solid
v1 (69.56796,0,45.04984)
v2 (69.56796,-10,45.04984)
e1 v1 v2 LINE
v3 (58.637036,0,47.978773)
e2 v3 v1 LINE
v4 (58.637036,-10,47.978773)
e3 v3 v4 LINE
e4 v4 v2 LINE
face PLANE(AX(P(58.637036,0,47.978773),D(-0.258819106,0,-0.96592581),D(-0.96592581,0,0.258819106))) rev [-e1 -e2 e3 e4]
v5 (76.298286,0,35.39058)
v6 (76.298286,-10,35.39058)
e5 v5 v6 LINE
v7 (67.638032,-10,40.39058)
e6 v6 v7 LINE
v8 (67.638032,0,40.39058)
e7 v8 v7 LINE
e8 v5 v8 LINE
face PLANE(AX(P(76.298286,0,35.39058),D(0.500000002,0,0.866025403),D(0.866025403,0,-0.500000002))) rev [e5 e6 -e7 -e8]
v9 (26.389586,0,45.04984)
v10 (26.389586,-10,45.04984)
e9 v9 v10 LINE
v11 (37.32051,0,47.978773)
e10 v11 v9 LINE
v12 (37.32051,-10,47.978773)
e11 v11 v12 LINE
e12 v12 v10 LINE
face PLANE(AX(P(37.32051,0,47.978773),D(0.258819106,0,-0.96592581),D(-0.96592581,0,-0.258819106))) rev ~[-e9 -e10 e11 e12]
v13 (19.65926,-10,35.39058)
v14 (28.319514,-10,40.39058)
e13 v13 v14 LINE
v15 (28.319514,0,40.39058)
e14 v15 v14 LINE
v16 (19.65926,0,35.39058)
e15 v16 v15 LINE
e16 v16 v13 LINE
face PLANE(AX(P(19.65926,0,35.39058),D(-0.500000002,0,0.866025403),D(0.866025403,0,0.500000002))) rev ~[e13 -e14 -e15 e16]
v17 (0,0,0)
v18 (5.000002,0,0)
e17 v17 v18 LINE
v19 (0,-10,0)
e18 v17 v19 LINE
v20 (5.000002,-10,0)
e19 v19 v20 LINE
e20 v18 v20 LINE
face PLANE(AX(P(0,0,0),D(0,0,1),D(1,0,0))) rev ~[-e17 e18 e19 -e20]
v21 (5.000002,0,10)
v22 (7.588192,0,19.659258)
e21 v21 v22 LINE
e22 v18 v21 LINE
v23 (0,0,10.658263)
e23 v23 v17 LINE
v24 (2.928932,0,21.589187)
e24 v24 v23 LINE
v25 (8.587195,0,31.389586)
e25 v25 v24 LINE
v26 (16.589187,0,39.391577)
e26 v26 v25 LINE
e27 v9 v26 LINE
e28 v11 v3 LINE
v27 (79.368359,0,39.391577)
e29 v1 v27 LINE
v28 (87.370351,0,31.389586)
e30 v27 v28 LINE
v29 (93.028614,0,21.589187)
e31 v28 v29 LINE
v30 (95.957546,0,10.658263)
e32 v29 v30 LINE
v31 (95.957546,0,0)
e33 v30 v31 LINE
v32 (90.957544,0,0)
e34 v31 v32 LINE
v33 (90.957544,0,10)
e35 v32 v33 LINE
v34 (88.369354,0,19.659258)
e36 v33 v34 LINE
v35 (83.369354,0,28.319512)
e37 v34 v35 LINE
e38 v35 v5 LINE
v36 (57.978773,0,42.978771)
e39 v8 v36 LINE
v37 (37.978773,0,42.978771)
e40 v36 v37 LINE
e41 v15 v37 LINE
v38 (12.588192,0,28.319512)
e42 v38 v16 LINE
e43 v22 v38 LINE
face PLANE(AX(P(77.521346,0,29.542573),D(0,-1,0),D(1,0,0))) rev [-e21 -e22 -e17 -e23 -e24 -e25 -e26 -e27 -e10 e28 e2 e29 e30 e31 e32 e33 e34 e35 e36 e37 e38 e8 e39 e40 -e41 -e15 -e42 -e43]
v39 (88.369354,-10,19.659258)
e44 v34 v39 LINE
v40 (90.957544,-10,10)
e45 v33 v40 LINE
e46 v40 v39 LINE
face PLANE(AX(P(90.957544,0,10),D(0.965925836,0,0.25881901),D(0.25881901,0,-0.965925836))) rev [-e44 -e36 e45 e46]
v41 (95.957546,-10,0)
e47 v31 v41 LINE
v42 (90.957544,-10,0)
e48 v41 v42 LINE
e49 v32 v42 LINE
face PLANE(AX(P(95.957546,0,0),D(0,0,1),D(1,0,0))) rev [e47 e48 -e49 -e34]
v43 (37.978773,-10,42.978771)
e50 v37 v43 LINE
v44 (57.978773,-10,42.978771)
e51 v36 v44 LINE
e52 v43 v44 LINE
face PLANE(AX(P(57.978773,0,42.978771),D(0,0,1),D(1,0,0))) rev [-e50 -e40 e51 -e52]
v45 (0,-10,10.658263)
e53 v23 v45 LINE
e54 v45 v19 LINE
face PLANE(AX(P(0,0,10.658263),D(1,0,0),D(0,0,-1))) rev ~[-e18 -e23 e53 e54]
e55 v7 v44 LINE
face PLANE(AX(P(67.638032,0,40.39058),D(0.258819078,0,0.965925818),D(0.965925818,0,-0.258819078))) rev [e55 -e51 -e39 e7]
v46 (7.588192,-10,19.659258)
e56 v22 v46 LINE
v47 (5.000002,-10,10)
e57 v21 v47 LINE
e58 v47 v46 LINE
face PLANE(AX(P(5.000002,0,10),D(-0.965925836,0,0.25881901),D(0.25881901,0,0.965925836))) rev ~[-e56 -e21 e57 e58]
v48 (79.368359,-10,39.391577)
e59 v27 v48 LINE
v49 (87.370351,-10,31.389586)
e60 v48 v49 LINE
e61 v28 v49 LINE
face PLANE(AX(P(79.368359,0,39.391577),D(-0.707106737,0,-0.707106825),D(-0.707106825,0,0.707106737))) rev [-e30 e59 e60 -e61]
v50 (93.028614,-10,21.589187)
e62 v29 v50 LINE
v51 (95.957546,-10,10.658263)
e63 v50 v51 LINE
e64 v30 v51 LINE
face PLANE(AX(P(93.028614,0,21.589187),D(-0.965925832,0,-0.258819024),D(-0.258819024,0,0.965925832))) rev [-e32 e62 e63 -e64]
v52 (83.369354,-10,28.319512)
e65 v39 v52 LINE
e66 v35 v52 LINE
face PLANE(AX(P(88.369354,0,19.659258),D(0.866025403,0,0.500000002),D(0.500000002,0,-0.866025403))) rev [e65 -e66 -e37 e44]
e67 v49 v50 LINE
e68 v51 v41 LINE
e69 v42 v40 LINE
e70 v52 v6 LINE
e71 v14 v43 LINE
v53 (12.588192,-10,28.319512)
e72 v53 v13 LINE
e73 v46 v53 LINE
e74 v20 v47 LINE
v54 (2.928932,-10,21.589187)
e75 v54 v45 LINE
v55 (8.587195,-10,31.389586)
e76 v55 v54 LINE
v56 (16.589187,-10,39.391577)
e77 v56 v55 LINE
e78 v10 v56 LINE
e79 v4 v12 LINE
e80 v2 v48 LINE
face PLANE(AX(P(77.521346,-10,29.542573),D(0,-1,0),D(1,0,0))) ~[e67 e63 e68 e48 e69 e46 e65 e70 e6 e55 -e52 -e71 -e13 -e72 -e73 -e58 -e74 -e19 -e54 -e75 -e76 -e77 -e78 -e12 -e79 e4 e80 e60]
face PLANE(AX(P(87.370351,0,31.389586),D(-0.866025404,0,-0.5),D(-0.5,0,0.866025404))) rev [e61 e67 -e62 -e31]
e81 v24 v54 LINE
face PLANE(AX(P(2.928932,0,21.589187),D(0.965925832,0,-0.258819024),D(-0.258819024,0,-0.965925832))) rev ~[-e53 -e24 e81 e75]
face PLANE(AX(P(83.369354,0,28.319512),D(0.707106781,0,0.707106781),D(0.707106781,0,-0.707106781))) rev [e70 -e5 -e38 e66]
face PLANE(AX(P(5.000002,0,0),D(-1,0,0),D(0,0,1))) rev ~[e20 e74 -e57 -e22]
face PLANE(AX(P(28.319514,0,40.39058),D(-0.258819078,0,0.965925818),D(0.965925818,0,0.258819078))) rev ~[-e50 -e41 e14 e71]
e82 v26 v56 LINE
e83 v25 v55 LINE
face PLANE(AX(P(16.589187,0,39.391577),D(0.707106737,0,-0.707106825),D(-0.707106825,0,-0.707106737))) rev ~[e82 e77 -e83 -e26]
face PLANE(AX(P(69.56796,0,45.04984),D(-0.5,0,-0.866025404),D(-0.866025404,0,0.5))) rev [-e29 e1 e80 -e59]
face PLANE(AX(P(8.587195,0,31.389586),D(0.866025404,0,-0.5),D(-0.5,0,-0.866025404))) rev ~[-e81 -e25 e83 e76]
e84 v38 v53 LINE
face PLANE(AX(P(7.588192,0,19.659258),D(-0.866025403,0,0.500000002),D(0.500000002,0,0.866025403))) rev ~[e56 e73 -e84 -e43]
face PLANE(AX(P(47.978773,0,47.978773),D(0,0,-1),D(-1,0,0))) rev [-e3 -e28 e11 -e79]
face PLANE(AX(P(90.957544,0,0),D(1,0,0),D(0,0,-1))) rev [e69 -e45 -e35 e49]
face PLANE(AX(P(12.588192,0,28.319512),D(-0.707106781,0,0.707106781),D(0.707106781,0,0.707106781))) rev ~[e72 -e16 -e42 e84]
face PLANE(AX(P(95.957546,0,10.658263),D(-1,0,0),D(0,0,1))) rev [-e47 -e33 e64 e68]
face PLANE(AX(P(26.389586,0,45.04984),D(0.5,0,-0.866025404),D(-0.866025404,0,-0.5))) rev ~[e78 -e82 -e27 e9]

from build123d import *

# Parameters (mm, degrees)
F1_DEPTH = 10


with BuildPart() as f1:
    # F0 (on Front) → F1 (new body)
    with BuildSketch(Plane.XZ):
        Polygon((0, 0), (5.000002, 0), (5.000002, 10), (7.588192, 19.659258), (12.588192, 28.319512), (19.65926, 35.39058), (28.319514, 40.39058), (37.978773, 42.978771), (47.978773, 42.978771), (47.978773, 47.978773), (37.32051, 47.978773), (26.389586, 45.04984), (16.589187, 39.391577), (8.587195, 31.389586), (2.928932, 21.589187), (0, 10.658263), align=None)
    extrude(amount=F1_DEPTH)

    # F2: F1 across face


with BuildPart() as f1_1:
    add(f1.part)
    add(f1.part.mirror(Plane(origin=(47.978773, -5, 45.478772), x_dir=(0, 1, 0), z_dir=(1, 0, 0))))


solid = f1_1.part
